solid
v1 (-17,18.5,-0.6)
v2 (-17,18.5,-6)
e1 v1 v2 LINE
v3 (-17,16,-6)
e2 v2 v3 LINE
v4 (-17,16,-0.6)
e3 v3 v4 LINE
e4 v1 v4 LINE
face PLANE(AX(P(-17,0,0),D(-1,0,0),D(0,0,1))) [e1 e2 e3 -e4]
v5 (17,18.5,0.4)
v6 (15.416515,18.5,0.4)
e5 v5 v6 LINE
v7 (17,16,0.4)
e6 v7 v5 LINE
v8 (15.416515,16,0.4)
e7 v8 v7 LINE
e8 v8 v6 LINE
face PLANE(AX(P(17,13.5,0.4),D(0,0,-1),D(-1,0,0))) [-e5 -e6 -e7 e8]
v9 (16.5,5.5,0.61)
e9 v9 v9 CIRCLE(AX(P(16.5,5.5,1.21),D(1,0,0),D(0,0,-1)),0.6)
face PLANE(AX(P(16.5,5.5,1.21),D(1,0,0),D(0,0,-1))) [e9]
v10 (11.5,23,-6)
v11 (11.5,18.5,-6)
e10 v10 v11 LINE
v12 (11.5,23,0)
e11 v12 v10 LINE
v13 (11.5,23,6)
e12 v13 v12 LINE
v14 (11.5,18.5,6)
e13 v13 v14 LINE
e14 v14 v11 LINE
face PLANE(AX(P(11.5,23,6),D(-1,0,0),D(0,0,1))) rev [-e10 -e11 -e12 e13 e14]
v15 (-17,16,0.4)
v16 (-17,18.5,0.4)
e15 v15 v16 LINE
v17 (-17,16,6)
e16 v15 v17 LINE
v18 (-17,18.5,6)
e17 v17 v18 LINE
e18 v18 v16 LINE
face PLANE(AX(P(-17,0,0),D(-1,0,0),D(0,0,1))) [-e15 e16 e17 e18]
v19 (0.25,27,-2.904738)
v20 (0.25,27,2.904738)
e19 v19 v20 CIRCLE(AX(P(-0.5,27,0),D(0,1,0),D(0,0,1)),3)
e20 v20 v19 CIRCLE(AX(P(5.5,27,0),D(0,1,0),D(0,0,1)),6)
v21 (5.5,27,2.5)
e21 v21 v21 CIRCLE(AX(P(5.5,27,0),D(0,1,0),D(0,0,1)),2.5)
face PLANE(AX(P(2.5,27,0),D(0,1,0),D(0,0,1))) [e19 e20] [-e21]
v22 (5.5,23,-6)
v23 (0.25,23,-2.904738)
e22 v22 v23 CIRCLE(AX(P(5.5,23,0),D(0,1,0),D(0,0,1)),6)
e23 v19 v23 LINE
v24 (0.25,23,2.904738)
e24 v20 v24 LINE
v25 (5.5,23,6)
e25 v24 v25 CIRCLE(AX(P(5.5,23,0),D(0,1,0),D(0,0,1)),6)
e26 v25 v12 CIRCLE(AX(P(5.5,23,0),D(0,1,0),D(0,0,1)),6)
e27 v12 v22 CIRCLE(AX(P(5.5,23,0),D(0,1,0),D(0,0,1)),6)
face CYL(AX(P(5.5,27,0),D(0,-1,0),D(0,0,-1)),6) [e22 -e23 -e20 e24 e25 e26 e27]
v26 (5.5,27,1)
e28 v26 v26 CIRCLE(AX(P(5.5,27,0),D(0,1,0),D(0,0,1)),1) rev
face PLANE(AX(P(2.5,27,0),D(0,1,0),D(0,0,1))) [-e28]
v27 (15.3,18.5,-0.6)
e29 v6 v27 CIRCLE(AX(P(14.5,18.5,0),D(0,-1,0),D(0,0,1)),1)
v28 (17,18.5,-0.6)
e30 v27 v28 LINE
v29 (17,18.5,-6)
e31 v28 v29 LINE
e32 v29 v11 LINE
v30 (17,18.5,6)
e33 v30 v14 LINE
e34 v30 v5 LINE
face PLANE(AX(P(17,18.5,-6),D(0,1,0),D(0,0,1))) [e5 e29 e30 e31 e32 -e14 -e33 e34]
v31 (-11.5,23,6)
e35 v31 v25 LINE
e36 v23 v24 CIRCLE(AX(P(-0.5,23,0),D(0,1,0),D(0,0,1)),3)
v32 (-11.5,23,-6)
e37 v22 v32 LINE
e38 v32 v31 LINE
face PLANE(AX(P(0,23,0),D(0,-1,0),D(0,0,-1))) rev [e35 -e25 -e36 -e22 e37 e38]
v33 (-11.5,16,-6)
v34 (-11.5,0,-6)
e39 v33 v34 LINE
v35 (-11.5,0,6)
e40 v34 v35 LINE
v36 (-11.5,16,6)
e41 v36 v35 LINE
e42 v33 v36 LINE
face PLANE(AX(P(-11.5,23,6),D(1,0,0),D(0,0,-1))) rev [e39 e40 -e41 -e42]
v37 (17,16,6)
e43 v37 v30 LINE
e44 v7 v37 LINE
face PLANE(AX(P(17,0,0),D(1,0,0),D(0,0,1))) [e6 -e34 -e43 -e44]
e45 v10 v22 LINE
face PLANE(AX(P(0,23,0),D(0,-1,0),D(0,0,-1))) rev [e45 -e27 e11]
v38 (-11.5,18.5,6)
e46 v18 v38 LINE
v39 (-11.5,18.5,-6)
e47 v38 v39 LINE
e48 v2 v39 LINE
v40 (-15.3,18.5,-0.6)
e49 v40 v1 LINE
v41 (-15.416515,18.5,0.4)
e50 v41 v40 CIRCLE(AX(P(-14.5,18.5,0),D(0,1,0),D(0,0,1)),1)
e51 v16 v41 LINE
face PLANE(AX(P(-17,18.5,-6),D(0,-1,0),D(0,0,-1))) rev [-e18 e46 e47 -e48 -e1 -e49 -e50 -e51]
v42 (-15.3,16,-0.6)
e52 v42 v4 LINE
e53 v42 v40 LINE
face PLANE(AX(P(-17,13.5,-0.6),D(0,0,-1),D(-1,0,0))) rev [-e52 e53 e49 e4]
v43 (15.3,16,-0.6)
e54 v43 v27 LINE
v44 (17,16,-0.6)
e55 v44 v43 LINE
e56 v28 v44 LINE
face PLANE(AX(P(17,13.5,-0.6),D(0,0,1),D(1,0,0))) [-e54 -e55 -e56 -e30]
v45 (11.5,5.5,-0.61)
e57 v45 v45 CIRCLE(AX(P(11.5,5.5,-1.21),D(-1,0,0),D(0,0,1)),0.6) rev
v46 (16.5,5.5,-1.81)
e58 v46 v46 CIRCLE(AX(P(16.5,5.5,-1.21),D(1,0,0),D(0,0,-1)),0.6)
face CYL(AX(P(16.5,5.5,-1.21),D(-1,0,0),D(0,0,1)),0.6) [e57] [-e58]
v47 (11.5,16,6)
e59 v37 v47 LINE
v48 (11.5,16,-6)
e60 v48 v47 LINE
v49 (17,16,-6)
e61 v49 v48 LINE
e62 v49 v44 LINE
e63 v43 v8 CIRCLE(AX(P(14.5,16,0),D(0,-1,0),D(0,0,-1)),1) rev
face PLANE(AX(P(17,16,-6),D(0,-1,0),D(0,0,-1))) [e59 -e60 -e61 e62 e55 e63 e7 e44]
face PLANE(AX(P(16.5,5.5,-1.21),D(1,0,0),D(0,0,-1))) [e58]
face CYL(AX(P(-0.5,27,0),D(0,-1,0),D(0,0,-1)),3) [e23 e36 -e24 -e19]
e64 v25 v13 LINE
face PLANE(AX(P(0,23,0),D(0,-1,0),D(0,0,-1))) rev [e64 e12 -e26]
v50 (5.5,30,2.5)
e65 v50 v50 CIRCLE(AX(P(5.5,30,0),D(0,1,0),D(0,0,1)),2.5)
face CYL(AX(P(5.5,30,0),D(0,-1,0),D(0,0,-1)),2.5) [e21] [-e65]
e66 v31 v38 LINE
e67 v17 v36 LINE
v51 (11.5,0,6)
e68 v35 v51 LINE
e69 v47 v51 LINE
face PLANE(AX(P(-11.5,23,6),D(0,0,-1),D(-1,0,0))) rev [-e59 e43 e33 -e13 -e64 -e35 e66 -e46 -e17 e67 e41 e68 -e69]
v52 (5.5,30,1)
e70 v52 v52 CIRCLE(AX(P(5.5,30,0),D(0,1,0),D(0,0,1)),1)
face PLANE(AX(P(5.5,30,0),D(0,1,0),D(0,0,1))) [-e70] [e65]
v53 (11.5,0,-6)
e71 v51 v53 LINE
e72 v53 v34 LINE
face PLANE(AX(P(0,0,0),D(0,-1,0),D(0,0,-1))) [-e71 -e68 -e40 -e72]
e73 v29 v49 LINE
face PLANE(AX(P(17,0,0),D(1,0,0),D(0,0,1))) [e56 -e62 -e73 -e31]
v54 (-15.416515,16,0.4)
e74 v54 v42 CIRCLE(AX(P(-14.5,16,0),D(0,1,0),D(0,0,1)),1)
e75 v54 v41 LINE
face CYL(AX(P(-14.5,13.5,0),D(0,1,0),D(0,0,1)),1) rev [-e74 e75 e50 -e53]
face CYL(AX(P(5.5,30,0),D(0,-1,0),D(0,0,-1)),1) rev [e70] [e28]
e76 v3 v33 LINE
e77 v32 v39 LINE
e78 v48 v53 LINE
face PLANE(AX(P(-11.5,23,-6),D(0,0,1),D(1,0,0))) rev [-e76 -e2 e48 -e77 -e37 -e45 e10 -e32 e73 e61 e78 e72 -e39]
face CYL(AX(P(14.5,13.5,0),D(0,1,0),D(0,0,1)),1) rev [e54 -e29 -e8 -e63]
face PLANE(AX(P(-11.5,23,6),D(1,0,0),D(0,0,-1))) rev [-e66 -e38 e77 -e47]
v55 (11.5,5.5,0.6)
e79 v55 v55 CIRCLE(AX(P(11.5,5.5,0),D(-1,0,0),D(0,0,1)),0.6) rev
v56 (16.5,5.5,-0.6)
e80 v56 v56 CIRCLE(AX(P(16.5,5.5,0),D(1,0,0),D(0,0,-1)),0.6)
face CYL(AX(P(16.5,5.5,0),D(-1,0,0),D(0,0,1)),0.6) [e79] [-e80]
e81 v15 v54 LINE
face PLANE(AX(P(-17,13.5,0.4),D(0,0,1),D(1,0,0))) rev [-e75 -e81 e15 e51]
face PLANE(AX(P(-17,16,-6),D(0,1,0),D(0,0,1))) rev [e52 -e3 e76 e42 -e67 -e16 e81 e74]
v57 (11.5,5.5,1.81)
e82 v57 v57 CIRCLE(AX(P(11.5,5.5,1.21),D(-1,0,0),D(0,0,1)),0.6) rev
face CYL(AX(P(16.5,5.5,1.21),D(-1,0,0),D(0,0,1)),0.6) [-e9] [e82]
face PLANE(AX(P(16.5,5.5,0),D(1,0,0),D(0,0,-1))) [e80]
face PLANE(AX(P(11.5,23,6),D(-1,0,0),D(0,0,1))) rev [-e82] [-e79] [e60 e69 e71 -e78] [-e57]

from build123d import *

# Parameters (mm, degrees)
SKETCH1_W           = 23
SKETCH1_H           = 12
BOSS_EXTRUDE1_DEPTH = 23
SKETCH2_W           = 12
SKETCH2_H           = 2.5
BOSS_EXTRUDE2_DEPTH = 5.5
CUT_EXTRUDE1_DEPTH  = 5
BOSS_EXTRUDE3_DEPTH = 4
SKETCH5_R           = 2.5
SKETCH5_R_2         = 1
BOSS_EXTRUDE4_DEPTH = 3
SKETCH7_R           = 0.6
BOSS_EXTRUDE8_DEPTH = 5


with BuildPart() as part:
    # Sketch1 → Boss-Extrude1 (new body)
    with BuildSketch(Plane(origin=(0, 0, 0), x_dir=(1, 0, 0), z_dir=(0, 1, 0))):
        Rectangle(SKETCH1_W, SKETCH1_H)
    extrude(amount=BOSS_EXTRUDE1_DEPTH)

    # Sketch2 → Boss-Extrude2 (add)
    with BuildSketch(Plane.ZY.offset(11.5)):
        with Locations((0, 17.25)):
            Rectangle(SKETCH2_W, SKETCH2_H)
    boss_extrude2 = extrude(amount=BOSS_EXTRUDE2_DEPTH)

    # Sketch3 → Cut-Extrude1 (cut)
    with BuildSketch(Plane(origin=(0, 18.5, 0), x_dir=(1, 0, 0), z_dir=(0, 1, 0))):
        with BuildLine():
            Line((-17, 0.6), (-15.3, 0.6))
            ThreePointArc((-15.3, 0.6), (-13.506719548, -0.11573221), (-15.416515139, -0.4))
            Line((-15.416515139, -0.4), (-17, -0.4))
            Line((-17, -0.4), (-17, 0.6))
        make_face()
    cut_extrude1 = extrude(amount=-CUT_EXTRUDE1_DEPTH, mode=Mode.SUBTRACT)

    # Mirror1: Boss-Extrude2, Cut-Extrude1 across plane
    add(boss_extrude2.mirror(Plane(origin=(0, 0, 0), x_dir=(0, 0, 1), z_dir=(1, 0, 0))))
    add(cut_extrude1.mirror(Plane(origin=(0, 0, 0), x_dir=(0, 0, 1), z_dir=(1, 0, 0))), mode=Mode.SUBTRACT)

    # Sketch4 → Boss-Extrude3 (add)
    with BuildSketch(Plane(origin=(0, 23, 0), x_dir=(1, 0, 0), z_dir=(0, 1, 0))):
        with BuildLine():
            ThreePointArc((0.25, -2.90473751), (11.5, 0), (0.25, 2.90473751))
            ThreePointArc((0.25, 2.90473751), (-3.5, 0), (0.25, -2.90473751))
        make_face()
    extrude(amount=BOSS_EXTRUDE3_DEPTH)

    # Sketch5 → Boss-Extrude4 (add)
    with BuildSketch(Plane(origin=(0, 27, 0), x_dir=(1, 0, 0), z_dir=(0, 1, 0))):
        with Locations((5.5, 0)):
            Circle(SKETCH5_R)
        with Locations((5.5, 0)):
            Circle(SKETCH5_R_2, mode=Mode.SUBTRACT)
    extrude(amount=BOSS_EXTRUDE4_DEPTH)

    # Sketch7 → Boss-Extrude8 (add)
    with BuildSketch(Plane(origin=(11.5, 0, 0), x_dir=(0, 0, -1), z_dir=(1, 0, 0))):
        with Locations((0, 5.5)):
            Circle(SKETCH7_R)
        with Locations((1.21, 5.5)):
            Circle(SKETCH7_R)
        with Locations((-1.21, 5.5)):
            Circle(SKETCH7_R)
    extrude(amount=BOSS_EXTRUDE8_DEPTH)


solid = part.part
